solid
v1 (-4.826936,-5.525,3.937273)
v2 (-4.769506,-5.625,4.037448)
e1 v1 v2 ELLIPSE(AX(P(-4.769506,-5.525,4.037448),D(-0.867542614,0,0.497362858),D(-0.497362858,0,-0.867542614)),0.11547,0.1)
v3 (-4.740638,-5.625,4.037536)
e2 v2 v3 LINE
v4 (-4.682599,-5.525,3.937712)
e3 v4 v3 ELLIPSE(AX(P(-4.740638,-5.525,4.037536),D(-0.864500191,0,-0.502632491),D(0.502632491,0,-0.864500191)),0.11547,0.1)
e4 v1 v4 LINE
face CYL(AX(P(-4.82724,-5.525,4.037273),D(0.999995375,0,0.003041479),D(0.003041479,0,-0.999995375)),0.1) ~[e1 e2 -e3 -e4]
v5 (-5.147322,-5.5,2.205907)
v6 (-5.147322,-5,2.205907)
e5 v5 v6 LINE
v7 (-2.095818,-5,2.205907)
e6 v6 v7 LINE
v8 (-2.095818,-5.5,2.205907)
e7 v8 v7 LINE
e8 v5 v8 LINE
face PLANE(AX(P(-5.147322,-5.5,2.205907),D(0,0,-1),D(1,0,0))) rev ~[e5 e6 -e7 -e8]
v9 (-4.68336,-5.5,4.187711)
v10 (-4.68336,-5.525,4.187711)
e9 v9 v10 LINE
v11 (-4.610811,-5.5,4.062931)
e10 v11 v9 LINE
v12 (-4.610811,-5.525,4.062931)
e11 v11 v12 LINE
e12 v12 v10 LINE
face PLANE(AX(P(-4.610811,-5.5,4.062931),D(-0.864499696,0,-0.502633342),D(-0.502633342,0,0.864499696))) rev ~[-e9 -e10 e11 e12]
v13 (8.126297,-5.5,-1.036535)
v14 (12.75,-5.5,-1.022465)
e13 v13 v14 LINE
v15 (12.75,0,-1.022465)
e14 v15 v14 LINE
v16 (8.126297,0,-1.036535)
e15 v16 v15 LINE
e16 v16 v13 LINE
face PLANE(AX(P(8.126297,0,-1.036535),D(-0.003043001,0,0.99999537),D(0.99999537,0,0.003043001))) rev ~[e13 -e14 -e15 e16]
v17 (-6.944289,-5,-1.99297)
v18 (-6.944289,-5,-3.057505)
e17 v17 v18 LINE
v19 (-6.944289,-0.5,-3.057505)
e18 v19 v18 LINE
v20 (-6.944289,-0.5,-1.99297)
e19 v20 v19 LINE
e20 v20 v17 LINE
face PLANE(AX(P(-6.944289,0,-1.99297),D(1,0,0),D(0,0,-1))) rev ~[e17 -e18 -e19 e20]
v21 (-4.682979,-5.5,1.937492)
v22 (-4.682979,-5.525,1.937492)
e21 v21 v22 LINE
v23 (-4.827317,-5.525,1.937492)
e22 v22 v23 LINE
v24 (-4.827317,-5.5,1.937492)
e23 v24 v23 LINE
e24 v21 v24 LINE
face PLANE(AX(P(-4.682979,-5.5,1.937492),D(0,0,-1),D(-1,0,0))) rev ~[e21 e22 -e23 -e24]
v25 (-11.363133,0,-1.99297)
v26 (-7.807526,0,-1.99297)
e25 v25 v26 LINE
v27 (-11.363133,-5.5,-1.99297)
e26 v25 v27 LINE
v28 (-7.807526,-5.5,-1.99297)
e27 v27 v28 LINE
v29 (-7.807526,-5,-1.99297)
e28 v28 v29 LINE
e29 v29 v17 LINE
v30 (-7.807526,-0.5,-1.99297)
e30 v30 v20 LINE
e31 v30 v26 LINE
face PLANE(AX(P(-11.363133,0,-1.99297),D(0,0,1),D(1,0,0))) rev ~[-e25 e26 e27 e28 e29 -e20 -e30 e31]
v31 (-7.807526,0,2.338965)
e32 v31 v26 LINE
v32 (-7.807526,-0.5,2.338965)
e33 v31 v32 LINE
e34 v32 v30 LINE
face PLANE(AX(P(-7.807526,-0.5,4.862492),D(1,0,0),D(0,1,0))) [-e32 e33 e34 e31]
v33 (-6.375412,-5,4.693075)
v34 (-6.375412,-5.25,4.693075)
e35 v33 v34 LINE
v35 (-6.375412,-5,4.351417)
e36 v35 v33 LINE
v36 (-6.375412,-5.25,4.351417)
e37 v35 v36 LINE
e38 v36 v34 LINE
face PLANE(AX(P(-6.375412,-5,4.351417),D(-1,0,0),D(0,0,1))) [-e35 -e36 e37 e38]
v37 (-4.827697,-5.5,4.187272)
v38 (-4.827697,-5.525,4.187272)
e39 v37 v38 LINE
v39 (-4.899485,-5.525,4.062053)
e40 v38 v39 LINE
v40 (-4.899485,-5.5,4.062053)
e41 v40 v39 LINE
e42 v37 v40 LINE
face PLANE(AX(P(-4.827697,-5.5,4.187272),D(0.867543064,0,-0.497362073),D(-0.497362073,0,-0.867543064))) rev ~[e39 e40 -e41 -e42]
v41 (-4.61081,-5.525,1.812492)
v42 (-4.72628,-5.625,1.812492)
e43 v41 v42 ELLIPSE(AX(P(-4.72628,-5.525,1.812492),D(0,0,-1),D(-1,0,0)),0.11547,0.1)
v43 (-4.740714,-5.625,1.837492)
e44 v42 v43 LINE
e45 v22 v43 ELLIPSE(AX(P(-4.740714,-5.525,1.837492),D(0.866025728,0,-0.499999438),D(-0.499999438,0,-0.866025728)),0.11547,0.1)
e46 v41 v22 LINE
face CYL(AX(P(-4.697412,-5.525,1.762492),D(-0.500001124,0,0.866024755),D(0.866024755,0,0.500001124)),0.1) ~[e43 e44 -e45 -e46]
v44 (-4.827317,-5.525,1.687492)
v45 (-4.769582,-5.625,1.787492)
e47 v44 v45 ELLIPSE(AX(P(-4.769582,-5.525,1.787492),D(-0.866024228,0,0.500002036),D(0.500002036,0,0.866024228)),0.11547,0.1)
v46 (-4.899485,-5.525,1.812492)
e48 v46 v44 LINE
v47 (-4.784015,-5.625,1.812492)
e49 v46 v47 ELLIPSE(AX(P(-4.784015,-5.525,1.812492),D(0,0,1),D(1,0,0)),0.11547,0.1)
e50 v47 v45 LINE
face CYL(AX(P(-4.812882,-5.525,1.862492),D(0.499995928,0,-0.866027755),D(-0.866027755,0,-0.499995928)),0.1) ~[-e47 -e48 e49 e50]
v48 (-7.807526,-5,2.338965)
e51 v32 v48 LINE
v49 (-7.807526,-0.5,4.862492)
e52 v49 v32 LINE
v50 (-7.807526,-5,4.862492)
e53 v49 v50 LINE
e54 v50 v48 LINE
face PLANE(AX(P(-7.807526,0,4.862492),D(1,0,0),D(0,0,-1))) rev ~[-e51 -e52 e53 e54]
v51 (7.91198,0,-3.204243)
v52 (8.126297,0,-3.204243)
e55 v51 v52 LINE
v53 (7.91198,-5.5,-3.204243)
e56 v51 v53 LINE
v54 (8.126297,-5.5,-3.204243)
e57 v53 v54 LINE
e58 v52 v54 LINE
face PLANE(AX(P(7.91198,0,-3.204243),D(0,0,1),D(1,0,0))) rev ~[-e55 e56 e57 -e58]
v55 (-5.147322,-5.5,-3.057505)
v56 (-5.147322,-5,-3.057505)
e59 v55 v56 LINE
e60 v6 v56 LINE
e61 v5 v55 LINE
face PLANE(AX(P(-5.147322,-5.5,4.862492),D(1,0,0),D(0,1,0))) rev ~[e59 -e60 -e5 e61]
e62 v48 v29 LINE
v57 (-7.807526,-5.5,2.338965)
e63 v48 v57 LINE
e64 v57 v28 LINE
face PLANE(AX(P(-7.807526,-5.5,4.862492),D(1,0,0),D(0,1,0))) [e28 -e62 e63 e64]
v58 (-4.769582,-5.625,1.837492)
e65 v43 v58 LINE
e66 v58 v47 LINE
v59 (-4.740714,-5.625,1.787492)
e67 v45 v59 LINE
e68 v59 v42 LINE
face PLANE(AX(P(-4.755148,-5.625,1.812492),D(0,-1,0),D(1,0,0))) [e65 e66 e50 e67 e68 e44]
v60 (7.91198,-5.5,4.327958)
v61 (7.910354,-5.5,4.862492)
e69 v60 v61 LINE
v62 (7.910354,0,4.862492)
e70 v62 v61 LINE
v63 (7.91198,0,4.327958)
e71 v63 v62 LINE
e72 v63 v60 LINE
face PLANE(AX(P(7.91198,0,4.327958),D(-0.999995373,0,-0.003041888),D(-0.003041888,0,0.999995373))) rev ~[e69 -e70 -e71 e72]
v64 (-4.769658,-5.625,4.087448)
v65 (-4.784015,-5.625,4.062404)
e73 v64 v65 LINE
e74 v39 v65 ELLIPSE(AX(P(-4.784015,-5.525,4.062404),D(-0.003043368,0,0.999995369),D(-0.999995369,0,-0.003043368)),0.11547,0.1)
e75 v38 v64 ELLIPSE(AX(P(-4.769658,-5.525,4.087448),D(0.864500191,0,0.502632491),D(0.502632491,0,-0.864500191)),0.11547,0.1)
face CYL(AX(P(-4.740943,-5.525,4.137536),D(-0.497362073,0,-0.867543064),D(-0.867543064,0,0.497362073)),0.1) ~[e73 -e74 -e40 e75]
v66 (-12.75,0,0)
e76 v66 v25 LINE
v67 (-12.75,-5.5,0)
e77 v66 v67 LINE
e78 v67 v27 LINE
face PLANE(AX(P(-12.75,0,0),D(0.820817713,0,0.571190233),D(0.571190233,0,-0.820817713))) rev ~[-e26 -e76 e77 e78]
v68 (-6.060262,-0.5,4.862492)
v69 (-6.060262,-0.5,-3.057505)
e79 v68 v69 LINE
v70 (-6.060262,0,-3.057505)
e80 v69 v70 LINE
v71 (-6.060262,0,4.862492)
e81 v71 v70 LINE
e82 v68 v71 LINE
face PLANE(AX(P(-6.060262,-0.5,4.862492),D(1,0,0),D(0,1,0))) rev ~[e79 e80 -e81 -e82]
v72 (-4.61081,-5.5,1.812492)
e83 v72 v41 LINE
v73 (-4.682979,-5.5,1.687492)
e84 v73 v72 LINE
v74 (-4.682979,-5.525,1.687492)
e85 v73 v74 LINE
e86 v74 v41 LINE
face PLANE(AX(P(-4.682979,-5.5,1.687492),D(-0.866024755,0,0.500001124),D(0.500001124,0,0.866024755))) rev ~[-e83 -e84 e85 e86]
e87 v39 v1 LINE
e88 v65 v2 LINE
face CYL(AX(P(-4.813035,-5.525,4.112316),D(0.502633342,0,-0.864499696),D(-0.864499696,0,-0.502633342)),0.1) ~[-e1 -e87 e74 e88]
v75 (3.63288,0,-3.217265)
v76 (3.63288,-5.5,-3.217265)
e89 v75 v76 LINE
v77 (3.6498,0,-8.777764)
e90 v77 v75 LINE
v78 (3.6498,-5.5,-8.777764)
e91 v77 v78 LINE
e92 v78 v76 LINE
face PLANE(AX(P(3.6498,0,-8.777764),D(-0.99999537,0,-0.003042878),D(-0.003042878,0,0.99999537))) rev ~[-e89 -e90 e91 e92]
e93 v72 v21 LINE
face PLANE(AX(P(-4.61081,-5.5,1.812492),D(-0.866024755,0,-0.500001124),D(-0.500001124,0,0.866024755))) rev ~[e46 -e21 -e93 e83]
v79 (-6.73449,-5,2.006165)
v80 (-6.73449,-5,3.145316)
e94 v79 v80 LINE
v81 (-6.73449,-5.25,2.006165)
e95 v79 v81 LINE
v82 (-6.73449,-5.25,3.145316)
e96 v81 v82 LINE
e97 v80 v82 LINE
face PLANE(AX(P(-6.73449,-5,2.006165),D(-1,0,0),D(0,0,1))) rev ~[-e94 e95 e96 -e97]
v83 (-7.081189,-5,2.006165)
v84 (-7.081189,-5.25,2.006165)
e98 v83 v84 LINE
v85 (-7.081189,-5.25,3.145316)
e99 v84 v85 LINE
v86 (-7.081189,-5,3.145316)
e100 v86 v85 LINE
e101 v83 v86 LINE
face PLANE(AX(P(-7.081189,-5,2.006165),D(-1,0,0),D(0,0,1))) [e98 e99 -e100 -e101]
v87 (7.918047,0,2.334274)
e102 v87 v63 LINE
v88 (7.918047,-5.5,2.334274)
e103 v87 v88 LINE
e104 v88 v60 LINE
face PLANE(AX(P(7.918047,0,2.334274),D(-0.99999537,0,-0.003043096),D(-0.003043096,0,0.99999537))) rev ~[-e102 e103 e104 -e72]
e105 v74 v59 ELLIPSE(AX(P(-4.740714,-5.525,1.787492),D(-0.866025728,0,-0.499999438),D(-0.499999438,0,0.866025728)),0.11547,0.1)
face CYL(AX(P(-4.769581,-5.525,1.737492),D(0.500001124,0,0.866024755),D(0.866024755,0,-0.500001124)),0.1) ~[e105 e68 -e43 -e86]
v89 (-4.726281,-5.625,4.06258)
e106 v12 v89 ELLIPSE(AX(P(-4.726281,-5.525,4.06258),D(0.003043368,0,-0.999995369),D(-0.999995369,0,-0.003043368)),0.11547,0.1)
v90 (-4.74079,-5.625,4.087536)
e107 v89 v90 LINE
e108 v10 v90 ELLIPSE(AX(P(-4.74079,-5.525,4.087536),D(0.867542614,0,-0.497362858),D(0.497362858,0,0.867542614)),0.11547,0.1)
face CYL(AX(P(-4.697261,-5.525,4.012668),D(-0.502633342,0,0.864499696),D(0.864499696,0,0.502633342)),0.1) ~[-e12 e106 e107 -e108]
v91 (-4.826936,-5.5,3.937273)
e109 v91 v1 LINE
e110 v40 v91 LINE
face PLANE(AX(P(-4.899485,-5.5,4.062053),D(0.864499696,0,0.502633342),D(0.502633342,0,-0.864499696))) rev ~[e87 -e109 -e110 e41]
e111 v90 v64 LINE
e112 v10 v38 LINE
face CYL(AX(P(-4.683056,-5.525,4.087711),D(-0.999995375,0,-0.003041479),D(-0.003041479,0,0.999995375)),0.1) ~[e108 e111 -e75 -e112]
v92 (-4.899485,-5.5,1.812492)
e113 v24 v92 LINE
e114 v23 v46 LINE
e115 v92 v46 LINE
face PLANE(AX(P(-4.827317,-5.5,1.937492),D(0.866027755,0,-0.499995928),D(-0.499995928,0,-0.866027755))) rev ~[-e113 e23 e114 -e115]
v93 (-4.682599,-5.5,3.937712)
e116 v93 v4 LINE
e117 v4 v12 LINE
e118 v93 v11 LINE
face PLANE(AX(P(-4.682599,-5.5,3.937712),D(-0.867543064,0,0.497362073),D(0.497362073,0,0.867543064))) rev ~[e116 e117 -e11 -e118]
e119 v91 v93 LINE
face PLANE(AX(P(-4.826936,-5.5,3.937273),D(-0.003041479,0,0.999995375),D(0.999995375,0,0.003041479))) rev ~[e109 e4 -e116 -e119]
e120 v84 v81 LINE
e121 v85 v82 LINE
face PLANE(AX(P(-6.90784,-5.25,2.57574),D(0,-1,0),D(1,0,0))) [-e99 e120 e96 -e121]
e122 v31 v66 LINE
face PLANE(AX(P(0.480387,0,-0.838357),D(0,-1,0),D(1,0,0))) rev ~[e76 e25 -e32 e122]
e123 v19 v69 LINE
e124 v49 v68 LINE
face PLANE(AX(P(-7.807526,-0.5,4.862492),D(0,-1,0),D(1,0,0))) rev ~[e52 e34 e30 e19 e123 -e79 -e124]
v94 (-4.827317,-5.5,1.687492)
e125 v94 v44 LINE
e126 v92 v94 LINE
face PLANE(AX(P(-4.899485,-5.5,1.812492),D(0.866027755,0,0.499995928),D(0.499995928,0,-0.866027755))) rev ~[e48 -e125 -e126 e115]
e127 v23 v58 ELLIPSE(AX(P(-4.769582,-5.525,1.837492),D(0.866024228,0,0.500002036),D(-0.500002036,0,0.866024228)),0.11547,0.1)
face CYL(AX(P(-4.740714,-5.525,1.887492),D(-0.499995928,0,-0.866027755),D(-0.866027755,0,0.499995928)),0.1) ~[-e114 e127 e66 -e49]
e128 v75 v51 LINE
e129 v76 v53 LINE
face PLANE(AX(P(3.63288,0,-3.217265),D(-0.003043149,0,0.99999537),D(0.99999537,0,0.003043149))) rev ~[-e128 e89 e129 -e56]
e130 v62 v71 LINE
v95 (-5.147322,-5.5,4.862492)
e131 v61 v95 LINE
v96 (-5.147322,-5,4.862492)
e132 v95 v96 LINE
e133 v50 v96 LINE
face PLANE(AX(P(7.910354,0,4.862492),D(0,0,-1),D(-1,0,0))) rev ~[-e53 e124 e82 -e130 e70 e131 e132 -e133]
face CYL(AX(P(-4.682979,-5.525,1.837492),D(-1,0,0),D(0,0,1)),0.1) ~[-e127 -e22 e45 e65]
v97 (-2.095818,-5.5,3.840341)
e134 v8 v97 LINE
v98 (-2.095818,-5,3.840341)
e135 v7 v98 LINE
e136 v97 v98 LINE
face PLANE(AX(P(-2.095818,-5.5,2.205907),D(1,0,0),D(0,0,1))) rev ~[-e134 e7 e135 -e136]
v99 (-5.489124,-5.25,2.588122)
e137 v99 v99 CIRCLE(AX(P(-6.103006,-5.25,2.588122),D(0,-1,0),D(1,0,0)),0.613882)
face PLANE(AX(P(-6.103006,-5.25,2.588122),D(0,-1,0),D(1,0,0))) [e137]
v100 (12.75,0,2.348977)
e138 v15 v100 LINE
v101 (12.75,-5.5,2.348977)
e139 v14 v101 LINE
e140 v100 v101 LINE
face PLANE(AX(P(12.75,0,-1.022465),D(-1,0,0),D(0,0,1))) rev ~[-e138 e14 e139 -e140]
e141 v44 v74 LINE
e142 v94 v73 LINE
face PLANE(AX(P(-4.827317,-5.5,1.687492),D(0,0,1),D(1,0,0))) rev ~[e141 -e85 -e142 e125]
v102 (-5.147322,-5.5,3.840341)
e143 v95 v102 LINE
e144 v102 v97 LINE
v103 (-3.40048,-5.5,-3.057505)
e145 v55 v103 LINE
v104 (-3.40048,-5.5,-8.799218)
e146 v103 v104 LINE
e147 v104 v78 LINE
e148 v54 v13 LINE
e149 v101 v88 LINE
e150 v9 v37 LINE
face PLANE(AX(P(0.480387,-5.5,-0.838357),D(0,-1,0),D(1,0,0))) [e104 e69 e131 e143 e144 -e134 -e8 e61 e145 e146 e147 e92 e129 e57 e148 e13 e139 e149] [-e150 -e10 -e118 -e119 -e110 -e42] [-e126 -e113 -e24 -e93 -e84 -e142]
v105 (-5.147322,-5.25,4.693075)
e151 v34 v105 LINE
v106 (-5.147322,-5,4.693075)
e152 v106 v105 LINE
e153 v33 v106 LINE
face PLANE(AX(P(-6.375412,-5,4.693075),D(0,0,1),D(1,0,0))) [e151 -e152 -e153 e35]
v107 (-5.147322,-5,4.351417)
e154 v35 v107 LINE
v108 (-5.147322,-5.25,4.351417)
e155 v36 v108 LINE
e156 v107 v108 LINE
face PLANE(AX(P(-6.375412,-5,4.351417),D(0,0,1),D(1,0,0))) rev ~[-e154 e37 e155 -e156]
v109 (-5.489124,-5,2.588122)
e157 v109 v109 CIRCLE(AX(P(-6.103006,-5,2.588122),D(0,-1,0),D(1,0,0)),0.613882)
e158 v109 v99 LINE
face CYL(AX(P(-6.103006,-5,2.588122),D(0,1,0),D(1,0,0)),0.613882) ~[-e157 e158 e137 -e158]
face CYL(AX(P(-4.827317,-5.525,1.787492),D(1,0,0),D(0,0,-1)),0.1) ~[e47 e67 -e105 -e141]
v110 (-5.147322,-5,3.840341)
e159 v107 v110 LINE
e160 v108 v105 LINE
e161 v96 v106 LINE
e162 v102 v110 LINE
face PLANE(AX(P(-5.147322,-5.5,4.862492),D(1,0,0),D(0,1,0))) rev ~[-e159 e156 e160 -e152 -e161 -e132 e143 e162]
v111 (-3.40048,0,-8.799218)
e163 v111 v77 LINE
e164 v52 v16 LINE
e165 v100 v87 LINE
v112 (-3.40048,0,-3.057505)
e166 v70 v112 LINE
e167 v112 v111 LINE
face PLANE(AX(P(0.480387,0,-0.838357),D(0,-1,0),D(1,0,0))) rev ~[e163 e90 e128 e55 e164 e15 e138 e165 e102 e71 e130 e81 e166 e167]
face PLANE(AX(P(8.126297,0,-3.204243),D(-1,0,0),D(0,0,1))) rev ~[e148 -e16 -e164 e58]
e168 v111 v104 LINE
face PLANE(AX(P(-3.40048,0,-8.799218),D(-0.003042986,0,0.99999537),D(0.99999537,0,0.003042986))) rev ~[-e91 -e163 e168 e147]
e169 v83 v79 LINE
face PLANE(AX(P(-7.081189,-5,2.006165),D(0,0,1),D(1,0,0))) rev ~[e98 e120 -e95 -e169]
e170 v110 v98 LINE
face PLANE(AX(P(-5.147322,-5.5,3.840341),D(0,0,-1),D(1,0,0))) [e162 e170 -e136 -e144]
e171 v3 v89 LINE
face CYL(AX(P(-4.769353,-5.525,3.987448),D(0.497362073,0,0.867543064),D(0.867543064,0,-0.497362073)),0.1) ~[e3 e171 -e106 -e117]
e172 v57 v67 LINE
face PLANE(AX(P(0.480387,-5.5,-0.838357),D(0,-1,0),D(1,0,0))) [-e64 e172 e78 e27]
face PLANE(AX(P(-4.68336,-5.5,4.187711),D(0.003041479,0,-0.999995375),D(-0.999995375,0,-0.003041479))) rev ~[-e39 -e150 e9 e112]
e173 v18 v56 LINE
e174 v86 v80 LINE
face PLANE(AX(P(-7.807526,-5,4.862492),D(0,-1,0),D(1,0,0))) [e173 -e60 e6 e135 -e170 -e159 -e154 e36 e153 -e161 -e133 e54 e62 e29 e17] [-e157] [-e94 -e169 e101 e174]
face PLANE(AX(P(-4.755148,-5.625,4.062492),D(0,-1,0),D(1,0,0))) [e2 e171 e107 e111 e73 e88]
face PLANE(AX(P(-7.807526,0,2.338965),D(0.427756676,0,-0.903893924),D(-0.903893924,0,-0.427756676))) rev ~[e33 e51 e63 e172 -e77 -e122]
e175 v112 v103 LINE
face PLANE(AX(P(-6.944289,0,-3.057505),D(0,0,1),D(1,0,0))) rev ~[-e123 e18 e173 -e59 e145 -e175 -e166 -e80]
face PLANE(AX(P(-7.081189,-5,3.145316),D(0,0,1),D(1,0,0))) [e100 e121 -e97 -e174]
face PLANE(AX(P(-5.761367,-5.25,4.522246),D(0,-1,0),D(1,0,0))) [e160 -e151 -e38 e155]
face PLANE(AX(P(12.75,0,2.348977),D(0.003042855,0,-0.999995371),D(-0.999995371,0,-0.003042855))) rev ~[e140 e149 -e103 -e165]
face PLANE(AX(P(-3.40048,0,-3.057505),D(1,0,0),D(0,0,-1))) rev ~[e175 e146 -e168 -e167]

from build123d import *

# Parameters (mm, degrees)
F1_DEPTH = 5.5
F2_W     = 1.747264
F2_H     = 0.5
F2_W_2   = 2.660204
F3_DEPTH = 25
F4_W     = 3.051504
F4_H     = 1.634434
F5_DEPTH = 0.5
F6_R     = 0.613882
F6_W     = 0.346699
F6_H     = 1.139151
F6_W_2   = 1.22809
F6_H_2   = 0.341659
F7_DEPTH = 0.25
F9_DEPTH = 0.125
F10_R    = 0.1


with BuildPart() as f1:
    # F0 (on Front) → F1 (new body)
    with BuildSketch(Plane.XZ):
        Polygon((-7.807526, 2.338965), (-12.75, 0), (-11.363133, -1.99297), (-6.944289, -1.99297), (-6.944289, -3.057505), (-3.40048, -3.057505), (-3.40048, -8.799218), (3.6498, -8.777764), (3.63288, -3.217265), (7.91198, -3.204243), (8.126297, -3.204243), (8.126297, -1.036535), (12.75, -1.022465), (12.75, 2.348977), (7.918047, 2.334274), (7.91198, 4.327958), (7.910354, 4.862492), (6.47919, 4.862492), (-7.807526, 4.862492), (-7.807526, 3.205703), align=None)
    extrude(amount=F1_DEPTH)

    # F2 (on face) → F3 (cut)
    with BuildSketch(Plane.XY.offset(4.862492)):
        with Locations((-6.933894, -0.25)):
            Rectangle(F2_W, F2_H)
        with Locations((-6.477424, -5.25)):
            Rectangle(F2_W_2, F2_H)
    extrude(amount=-F3_DEPTH, mode=Mode.SUBTRACT)

    # F4 (on face) → F5 (cut)
    with BuildSketch(Plane.XZ.offset(5.5)):
        with Locations((-3.62157, 3.023124)):
            Rectangle(F4_W, F4_H)
    extrude(amount=-F5_DEPTH, mode=Mode.SUBTRACT)

    # F6 (on face) → F7 (join)
    with BuildSketch(Plane.XZ.offset(5)):
        with Locations((-6.103006, 2.588122)):
            Circle(F6_R)
        with Locations((-6.90784, 2.57574)):
            Rectangle(F6_W, F6_H)
        with Locations((-5.761367, 4.522246)):
            Rectangle(F6_W_2, F6_H_2)
    extrude(amount=F7_DEPTH)

    # F8 (on face) → F9 (join)
    with BuildSketch(Plane.XZ.offset(5.5)):
        Polygon((-4.826936, 3.937273), (-4.682599, 3.937712), (-4.610811, 4.062931), (-4.68336, 4.187711), (-4.827697, 4.187272), (-4.899485, 4.062053), align=None)
        Polygon((-4.827317, 1.687492), (-4.682979, 1.687492), (-4.61081, 1.812492), (-4.682979, 1.937492), (-4.827317, 1.937492), (-4.899485, 1.812492), align=None)
    extrude(amount=F9_DEPTH)

    # F10
    f10_edges = [f1.edges().sort_by_distance(p)[0] for p in [
        (-4.863591, -5.625, 4.124663),
        (-4.86321, -5.625, 3.999663),
        (-4.754767, -5.625, 3.937493),
        (-4.647085, -5.625, 4.125321),
        (-4.755528, -5.625, 4.187492),
        (-4.646705, -5.625, 4.000322),
        (-4.755148, -5.625, 1.937492),
        (-4.646895, -5.625, 1.874992),
        (-4.646895, -5.625, 1.749992),
        (-4.755148, -5.625, 1.687492),
        (-4.863401, -5.625, 1.749992),
        (-4.863401, -5.625, 1.874992),
    ]]
    fillet(f10_edges, radius=F10_R)


solid = f1.part
